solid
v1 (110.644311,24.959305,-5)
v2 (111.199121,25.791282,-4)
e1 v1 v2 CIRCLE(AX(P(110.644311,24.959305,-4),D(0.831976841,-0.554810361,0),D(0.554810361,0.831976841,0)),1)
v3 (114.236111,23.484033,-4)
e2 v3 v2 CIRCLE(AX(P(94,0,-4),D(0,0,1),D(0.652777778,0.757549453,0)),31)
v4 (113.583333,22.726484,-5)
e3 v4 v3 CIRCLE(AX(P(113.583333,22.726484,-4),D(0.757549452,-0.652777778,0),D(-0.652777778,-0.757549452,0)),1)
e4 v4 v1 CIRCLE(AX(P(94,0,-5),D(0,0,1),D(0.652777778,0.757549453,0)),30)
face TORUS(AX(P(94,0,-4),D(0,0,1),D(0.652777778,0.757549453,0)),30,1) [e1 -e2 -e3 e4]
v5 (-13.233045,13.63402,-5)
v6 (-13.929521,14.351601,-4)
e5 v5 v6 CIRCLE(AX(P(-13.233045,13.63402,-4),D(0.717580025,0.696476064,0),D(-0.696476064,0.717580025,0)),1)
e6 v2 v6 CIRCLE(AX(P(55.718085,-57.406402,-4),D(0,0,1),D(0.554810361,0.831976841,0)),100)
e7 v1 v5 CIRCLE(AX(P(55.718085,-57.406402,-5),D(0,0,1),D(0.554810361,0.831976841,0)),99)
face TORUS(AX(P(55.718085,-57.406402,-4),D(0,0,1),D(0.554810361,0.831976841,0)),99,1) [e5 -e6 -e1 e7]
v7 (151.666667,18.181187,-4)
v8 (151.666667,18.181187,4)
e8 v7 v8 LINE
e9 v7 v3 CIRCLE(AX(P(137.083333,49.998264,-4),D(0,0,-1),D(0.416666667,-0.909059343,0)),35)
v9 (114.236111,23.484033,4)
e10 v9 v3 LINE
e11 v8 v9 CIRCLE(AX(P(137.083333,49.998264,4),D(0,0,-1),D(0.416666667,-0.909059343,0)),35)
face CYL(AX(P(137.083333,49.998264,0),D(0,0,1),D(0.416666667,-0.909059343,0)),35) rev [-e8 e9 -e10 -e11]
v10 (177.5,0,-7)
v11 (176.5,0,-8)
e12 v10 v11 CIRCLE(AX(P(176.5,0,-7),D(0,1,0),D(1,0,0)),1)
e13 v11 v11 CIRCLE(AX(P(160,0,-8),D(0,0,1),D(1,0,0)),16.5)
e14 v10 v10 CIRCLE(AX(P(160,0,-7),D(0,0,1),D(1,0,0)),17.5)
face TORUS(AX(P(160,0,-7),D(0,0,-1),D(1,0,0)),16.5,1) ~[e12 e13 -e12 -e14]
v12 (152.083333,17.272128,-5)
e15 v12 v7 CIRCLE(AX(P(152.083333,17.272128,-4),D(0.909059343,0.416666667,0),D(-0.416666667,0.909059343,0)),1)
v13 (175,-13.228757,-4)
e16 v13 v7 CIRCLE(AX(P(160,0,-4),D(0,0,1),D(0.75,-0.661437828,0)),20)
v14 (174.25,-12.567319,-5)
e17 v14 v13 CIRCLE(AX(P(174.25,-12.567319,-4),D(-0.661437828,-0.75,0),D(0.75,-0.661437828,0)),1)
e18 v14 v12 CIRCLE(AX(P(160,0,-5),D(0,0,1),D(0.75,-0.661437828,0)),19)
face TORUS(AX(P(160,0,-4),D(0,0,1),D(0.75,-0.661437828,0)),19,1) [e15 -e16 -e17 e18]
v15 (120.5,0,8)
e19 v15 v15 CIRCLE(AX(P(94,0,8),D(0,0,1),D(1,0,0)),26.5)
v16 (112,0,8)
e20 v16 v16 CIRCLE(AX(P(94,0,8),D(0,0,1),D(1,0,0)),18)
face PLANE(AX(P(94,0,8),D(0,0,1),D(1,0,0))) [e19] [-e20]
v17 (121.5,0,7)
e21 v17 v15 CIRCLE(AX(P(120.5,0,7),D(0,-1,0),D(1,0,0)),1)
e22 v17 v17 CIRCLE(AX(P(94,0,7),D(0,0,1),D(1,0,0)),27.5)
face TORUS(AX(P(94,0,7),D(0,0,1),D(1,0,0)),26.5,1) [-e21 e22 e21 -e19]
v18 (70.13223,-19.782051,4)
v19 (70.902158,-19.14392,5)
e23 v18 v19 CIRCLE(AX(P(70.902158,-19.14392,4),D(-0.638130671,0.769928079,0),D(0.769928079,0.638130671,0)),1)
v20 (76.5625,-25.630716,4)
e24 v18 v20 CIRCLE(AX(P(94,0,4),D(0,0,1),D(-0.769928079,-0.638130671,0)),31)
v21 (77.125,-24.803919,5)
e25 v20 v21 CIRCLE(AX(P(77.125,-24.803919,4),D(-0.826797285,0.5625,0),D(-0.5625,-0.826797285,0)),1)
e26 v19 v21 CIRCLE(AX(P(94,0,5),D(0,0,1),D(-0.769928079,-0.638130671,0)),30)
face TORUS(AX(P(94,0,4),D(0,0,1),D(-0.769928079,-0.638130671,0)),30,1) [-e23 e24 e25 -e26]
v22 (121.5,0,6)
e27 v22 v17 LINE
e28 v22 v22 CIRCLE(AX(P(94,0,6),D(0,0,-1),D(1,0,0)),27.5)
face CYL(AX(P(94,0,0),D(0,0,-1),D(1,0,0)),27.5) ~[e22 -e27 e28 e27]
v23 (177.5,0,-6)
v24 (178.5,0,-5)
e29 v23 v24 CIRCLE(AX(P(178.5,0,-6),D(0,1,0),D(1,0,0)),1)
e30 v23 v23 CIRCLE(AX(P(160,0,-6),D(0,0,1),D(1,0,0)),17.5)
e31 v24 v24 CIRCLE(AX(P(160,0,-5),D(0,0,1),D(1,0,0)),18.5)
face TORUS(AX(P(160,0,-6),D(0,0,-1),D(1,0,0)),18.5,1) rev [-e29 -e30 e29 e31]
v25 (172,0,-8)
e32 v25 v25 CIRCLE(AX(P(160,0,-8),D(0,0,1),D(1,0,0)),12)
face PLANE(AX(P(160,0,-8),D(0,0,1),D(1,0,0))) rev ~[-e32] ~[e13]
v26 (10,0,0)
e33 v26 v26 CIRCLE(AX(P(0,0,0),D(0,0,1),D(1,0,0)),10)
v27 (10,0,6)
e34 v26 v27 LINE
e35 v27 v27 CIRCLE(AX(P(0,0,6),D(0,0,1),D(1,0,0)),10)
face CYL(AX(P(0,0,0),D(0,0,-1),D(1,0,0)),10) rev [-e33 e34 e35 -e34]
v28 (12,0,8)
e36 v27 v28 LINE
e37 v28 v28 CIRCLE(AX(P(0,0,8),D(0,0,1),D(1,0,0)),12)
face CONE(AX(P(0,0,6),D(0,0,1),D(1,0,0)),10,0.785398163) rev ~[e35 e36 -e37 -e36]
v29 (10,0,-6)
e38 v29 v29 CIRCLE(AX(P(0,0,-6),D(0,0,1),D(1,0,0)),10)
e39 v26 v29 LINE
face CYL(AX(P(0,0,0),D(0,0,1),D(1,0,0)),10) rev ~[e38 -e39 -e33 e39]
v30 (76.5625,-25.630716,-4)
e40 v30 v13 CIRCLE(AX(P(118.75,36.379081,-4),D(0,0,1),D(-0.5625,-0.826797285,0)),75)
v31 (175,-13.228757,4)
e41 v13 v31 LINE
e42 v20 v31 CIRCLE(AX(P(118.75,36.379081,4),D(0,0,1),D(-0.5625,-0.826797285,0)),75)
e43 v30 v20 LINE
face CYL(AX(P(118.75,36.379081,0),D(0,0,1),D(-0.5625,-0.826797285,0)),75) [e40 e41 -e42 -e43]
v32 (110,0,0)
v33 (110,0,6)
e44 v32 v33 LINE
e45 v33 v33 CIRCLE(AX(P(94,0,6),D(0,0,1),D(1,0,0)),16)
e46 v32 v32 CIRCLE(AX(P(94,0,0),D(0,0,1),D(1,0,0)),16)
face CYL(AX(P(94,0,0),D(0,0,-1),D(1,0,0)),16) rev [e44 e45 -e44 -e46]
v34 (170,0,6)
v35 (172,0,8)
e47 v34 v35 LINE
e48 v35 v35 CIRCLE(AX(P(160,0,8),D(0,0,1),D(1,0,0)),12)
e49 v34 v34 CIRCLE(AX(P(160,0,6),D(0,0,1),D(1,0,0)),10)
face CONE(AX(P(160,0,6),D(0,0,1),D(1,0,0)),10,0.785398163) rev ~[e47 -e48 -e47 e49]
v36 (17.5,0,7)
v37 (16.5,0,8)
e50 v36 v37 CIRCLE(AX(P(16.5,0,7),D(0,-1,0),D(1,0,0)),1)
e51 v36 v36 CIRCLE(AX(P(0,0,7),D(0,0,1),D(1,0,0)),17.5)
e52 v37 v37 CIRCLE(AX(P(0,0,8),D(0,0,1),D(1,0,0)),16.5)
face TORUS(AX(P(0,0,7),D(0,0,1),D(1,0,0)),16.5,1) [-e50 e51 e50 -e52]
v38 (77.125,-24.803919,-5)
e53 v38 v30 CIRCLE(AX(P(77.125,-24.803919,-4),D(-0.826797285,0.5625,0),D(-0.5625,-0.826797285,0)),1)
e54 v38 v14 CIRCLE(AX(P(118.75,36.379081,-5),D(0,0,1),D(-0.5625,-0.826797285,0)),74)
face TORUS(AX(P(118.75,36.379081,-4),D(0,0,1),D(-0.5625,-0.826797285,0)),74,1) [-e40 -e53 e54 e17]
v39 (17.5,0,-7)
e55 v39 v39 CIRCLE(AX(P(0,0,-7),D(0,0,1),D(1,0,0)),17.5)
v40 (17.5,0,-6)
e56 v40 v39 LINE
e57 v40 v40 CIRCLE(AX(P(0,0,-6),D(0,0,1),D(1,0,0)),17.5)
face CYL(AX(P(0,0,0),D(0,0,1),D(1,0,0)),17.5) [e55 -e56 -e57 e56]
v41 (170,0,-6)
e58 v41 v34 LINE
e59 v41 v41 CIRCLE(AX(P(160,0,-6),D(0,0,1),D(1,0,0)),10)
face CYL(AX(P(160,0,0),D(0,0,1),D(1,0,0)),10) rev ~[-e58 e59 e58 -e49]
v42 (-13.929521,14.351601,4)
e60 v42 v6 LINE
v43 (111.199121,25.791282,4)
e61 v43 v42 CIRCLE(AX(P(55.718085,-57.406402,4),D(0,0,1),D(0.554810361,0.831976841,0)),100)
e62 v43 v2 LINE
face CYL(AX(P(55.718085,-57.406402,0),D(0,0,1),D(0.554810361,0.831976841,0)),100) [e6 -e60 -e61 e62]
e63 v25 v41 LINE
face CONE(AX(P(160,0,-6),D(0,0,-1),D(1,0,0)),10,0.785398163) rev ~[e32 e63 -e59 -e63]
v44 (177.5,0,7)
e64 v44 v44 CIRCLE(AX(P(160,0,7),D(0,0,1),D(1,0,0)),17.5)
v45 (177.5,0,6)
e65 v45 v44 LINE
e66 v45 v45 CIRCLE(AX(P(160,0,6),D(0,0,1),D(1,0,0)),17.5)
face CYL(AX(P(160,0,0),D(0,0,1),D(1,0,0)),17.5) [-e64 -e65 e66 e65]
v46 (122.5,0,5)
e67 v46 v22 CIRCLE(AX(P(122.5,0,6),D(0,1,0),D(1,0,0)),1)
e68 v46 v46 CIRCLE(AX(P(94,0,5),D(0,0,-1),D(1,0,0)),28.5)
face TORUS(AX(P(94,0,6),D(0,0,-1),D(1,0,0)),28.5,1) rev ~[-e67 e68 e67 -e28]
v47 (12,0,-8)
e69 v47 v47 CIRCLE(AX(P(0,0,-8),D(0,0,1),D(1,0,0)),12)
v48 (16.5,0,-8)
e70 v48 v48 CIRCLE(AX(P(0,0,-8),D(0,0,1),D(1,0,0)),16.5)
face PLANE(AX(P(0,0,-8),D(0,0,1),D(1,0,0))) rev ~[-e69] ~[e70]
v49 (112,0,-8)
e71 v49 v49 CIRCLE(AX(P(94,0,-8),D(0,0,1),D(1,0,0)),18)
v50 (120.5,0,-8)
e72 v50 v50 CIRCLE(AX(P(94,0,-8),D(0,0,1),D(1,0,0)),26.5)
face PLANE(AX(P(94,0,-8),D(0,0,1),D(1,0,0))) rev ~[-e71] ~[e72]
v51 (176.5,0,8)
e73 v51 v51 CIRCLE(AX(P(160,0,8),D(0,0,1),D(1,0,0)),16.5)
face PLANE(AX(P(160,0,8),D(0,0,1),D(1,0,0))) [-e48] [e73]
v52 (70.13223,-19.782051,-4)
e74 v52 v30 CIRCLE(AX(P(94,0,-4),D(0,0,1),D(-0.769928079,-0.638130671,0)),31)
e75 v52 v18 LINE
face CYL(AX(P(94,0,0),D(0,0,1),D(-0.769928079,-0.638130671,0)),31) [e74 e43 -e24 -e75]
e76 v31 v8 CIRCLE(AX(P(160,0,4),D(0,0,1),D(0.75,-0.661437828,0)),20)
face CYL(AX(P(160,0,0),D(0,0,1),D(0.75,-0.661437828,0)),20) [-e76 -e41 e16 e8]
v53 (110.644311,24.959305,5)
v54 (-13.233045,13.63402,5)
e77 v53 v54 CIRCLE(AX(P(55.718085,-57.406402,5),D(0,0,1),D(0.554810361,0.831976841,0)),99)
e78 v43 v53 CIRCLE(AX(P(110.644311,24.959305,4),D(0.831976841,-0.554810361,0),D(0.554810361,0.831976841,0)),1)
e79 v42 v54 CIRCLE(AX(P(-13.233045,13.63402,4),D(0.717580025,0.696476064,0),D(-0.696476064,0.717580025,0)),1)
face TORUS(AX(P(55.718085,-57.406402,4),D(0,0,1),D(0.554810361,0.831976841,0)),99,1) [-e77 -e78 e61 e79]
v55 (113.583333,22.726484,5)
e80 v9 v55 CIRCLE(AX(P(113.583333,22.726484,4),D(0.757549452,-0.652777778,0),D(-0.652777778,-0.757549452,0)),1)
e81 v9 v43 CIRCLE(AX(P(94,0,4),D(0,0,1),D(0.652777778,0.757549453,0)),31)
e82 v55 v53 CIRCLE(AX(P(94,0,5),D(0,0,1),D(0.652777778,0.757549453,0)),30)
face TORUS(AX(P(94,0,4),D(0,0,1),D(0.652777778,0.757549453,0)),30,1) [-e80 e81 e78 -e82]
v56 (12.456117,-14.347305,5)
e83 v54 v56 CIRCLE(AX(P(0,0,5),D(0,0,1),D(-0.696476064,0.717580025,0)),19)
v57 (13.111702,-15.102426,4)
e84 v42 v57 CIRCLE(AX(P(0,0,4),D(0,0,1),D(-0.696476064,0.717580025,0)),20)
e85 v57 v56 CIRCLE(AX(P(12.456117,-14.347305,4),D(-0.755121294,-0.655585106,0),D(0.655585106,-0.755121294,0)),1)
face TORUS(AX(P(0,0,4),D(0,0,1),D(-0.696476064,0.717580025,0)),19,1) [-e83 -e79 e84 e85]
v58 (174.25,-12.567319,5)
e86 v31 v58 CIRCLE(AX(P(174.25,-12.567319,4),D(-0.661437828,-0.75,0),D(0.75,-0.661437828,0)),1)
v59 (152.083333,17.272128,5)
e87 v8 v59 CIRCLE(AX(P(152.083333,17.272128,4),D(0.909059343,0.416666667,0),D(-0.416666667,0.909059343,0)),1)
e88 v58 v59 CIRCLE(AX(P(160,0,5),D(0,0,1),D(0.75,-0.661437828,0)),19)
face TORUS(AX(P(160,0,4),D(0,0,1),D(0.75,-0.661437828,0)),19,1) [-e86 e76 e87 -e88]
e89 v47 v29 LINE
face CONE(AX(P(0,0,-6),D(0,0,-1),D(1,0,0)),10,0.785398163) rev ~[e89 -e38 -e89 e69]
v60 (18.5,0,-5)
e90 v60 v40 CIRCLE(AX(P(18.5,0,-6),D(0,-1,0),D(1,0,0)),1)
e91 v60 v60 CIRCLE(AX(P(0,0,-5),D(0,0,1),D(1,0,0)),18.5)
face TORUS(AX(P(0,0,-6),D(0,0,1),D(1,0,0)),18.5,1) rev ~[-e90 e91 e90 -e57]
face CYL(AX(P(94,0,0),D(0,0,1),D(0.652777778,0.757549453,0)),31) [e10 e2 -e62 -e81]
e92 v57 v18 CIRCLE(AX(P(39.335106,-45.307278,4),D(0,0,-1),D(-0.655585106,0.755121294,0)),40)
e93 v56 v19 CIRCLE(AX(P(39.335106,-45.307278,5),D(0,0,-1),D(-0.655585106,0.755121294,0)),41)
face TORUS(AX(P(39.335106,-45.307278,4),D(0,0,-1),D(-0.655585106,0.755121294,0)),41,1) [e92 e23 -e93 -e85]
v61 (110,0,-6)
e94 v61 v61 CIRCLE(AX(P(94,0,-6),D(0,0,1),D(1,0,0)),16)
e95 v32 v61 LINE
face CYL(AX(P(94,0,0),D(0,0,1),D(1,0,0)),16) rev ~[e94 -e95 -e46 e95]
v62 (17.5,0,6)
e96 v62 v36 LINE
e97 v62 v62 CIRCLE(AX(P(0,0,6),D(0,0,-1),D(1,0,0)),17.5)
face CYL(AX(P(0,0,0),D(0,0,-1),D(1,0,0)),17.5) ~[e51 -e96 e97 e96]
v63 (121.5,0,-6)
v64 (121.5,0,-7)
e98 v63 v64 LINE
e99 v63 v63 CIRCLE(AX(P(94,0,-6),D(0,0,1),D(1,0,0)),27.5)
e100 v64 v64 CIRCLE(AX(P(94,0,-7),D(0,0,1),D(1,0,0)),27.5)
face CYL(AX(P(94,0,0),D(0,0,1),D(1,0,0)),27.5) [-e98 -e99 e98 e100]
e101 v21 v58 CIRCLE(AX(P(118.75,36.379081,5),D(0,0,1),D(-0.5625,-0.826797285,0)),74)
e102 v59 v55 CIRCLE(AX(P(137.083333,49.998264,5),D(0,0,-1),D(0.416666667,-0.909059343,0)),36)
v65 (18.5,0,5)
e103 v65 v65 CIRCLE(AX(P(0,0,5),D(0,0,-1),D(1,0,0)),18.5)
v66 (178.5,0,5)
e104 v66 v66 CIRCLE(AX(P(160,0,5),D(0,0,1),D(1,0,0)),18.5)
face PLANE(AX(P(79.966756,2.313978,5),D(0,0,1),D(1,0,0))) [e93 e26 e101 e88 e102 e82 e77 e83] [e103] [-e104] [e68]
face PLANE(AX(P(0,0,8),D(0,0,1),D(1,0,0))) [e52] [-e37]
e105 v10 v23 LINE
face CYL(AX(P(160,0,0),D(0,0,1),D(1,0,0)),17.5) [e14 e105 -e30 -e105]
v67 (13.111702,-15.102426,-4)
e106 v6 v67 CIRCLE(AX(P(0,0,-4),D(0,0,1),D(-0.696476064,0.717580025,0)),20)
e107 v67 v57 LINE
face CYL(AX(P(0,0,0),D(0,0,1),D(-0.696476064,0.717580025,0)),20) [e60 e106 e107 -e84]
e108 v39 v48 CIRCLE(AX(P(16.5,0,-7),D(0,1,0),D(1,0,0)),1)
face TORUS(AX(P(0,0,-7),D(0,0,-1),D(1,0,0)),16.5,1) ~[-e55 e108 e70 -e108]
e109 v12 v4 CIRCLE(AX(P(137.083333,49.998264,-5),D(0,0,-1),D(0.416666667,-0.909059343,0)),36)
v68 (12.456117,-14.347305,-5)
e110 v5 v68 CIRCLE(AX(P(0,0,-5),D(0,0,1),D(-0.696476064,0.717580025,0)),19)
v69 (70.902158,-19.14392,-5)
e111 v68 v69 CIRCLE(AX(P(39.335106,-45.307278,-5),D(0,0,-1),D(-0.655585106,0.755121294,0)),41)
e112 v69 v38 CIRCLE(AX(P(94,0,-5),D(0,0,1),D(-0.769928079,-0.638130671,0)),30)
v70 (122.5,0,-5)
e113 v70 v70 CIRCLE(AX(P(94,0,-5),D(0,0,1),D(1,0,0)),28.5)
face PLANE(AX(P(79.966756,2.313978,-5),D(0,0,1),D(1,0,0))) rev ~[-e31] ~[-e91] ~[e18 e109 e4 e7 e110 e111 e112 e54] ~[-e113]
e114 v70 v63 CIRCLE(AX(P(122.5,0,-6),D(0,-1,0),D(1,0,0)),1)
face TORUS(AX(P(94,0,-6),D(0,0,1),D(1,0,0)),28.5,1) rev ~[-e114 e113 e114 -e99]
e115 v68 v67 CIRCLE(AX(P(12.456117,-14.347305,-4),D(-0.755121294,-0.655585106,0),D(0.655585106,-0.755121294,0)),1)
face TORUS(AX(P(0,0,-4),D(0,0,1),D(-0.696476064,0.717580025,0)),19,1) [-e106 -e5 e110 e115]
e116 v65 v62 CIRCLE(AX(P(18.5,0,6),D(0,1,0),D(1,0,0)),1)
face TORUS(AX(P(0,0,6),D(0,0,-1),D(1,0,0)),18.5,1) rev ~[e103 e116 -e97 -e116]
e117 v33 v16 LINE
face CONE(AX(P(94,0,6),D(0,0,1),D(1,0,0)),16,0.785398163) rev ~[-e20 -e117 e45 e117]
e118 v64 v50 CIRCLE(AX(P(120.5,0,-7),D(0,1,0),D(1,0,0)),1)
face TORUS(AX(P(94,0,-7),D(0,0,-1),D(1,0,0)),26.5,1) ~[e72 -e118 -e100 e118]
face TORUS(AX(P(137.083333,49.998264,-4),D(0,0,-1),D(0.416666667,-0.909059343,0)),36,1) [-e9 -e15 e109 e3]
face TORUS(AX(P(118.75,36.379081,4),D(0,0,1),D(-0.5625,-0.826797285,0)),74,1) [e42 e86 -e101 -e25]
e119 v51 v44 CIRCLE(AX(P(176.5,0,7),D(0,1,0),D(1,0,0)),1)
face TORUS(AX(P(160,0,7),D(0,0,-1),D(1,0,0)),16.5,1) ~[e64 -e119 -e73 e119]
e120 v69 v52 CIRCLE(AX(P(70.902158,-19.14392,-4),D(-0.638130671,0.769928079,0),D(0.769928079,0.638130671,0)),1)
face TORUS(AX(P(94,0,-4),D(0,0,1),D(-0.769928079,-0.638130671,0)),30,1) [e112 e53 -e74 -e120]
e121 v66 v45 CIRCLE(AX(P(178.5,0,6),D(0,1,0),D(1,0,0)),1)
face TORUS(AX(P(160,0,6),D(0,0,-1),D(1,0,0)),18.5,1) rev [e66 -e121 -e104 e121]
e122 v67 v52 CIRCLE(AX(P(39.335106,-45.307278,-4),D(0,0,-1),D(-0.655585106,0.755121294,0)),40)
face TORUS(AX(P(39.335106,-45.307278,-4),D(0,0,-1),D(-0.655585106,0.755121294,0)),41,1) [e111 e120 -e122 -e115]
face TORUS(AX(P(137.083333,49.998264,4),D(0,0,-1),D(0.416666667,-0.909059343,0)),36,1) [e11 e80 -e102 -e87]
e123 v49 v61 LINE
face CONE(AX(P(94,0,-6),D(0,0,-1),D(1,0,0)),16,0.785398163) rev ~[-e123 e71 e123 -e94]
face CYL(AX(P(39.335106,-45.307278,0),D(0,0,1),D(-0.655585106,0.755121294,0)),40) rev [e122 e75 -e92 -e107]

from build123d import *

# Parameters (mm, degrees)
EXTRUDE_1_DEPTH     = 5
SKETCH_3_R          = 17.5
SKETCH_3_R_2        = 27.5
EXTRUDE_2_DEPTH     = 8
SKETCH_4_R          = 10
SKETCH_4_R_2        = 16
CUT_EXTRUDE_1_DEPTH = 8
FILLET_1_R          = 1
CHAMFER_1_SIZE      = 2


with BuildPart() as part:
    # 草图1 → 凸台-拉伸1 (new, symmetric)
    with BuildSketch(Plane.XY):
        with BuildLine():
            ThreePointArc((-13.929521277, 14.351600503), (-14.732688978, -13.525822544), (13.111702128, -15.102425875))
            ThreePointArc((13.111702128, -15.102425875), (42.606871734, -5.441307783), (70.132229547, -19.782050794))
            ThreePointArc((70.132229547, -19.782050794), (73.141355211, -22.932878963), (76.5625, -25.630715826))
            ThreePointArc((76.5625, -25.630715826), (128.125, -38.032675097), (175, -13.228756555))
            ThreePointArc((175, -13.228756555), (176.054820068, 11.926556611), (151.666666667, 18.181186858))
            ThreePointArc((151.666666667, 18.181186858), (132.173851766, 15.34430318), (114.236111111, 23.484033025))
            ThreePointArc((114.236111111, 23.484033025), (112.753133172, 24.684407958), (111.199121184, 25.791282064))
            ThreePointArc((111.199121184, 25.791282064), (46.613717632, 42.17828804), (-13.929521277, 14.351600503))
        make_face()
    extrude(amount=EXTRUDE_1_DEPTH, both=True)

    # 草图3 → 凸台-拉伸2 (add, symmetric)
    with BuildSketch(Plane.XY):
        Circle(SKETCH_3_R)
        with Locations((94, 0)):
            Circle(SKETCH_3_R_2)
        with Locations((160, 0)):
            Circle(SKETCH_3_R)
    extrude(amount=EXTRUDE_2_DEPTH, both=True)

    # 草图4 → 切除-拉伸1 (cut, symmetric)
    with BuildSketch(Plane.XY):
        Circle(SKETCH_4_R)
        with Locations((94, 0)):
            Circle(SKETCH_4_R_2)
        with Locations((160, 0)):
            Circle(SKETCH_4_R)
    extrude(amount=CUT_EXTRUDE_1_DEPTH, both=True, mode=Mode.SUBTRACT)

    # 圆角1
    fillet_1_edges = [part.edges().sort_by_distance(p)[0] for p in [
        (-14.732688978, -13.525822544, -5),
        (46.613717632, 42.17828804, -5),
        (112.753133172, 24.684407958, -5),
        (132.173851766, 15.34430318, -5),
        (46.613717632, 42.17828804, 5),
        (-14.732688978, -13.525822544, 5),
        (42.606871734, -5.441307783, 5),
        (73.141355211, -22.932878963, 5),
        (-17.5, 0, -5),
        (-17.5, 0, 5),
        (-17.5, 0, -8),
        (-17.5, 0, 8),
        (128.125, -38.032675097, 5),
        (66.5, 0, -5),
        (66.5, 0, 5),
        (66.5, 0, -8),
        (66.5, 0, 8),
        (176.054820068, 11.926556611, 5),
        (142.5, 0, -5),
        (142.5, 0, 5),
        (142.5, 0, -8),
        (142.5, 0, 8),
        (132.173851766, 15.34430318, 5),
        (176.054820068, 11.926556611, -5),
        (112.753133172, 24.684407958, 5),
        (128.125, -38.032675097, -5),
        (73.141355211, -22.932878963, -5),
        (42.606871734, -5.441307783, -5),
    ]]
    fillet(fillet_1_edges, radius=FILLET_1_R)

    # 倒角1
    chamfer_1_edges = [part.edges().sort_by_distance(p)[0] for p in [
        (-10, 0, -8),
        (-10, 0, 8),
        (78, 0, -8),
        (78, 0, 8),
        (150, 0, -8),
        (150, 0, 8),
    ]]
    chamfer(chamfer_1_edges, length=CHAMFER_1_SIZE)


solid = part.part
